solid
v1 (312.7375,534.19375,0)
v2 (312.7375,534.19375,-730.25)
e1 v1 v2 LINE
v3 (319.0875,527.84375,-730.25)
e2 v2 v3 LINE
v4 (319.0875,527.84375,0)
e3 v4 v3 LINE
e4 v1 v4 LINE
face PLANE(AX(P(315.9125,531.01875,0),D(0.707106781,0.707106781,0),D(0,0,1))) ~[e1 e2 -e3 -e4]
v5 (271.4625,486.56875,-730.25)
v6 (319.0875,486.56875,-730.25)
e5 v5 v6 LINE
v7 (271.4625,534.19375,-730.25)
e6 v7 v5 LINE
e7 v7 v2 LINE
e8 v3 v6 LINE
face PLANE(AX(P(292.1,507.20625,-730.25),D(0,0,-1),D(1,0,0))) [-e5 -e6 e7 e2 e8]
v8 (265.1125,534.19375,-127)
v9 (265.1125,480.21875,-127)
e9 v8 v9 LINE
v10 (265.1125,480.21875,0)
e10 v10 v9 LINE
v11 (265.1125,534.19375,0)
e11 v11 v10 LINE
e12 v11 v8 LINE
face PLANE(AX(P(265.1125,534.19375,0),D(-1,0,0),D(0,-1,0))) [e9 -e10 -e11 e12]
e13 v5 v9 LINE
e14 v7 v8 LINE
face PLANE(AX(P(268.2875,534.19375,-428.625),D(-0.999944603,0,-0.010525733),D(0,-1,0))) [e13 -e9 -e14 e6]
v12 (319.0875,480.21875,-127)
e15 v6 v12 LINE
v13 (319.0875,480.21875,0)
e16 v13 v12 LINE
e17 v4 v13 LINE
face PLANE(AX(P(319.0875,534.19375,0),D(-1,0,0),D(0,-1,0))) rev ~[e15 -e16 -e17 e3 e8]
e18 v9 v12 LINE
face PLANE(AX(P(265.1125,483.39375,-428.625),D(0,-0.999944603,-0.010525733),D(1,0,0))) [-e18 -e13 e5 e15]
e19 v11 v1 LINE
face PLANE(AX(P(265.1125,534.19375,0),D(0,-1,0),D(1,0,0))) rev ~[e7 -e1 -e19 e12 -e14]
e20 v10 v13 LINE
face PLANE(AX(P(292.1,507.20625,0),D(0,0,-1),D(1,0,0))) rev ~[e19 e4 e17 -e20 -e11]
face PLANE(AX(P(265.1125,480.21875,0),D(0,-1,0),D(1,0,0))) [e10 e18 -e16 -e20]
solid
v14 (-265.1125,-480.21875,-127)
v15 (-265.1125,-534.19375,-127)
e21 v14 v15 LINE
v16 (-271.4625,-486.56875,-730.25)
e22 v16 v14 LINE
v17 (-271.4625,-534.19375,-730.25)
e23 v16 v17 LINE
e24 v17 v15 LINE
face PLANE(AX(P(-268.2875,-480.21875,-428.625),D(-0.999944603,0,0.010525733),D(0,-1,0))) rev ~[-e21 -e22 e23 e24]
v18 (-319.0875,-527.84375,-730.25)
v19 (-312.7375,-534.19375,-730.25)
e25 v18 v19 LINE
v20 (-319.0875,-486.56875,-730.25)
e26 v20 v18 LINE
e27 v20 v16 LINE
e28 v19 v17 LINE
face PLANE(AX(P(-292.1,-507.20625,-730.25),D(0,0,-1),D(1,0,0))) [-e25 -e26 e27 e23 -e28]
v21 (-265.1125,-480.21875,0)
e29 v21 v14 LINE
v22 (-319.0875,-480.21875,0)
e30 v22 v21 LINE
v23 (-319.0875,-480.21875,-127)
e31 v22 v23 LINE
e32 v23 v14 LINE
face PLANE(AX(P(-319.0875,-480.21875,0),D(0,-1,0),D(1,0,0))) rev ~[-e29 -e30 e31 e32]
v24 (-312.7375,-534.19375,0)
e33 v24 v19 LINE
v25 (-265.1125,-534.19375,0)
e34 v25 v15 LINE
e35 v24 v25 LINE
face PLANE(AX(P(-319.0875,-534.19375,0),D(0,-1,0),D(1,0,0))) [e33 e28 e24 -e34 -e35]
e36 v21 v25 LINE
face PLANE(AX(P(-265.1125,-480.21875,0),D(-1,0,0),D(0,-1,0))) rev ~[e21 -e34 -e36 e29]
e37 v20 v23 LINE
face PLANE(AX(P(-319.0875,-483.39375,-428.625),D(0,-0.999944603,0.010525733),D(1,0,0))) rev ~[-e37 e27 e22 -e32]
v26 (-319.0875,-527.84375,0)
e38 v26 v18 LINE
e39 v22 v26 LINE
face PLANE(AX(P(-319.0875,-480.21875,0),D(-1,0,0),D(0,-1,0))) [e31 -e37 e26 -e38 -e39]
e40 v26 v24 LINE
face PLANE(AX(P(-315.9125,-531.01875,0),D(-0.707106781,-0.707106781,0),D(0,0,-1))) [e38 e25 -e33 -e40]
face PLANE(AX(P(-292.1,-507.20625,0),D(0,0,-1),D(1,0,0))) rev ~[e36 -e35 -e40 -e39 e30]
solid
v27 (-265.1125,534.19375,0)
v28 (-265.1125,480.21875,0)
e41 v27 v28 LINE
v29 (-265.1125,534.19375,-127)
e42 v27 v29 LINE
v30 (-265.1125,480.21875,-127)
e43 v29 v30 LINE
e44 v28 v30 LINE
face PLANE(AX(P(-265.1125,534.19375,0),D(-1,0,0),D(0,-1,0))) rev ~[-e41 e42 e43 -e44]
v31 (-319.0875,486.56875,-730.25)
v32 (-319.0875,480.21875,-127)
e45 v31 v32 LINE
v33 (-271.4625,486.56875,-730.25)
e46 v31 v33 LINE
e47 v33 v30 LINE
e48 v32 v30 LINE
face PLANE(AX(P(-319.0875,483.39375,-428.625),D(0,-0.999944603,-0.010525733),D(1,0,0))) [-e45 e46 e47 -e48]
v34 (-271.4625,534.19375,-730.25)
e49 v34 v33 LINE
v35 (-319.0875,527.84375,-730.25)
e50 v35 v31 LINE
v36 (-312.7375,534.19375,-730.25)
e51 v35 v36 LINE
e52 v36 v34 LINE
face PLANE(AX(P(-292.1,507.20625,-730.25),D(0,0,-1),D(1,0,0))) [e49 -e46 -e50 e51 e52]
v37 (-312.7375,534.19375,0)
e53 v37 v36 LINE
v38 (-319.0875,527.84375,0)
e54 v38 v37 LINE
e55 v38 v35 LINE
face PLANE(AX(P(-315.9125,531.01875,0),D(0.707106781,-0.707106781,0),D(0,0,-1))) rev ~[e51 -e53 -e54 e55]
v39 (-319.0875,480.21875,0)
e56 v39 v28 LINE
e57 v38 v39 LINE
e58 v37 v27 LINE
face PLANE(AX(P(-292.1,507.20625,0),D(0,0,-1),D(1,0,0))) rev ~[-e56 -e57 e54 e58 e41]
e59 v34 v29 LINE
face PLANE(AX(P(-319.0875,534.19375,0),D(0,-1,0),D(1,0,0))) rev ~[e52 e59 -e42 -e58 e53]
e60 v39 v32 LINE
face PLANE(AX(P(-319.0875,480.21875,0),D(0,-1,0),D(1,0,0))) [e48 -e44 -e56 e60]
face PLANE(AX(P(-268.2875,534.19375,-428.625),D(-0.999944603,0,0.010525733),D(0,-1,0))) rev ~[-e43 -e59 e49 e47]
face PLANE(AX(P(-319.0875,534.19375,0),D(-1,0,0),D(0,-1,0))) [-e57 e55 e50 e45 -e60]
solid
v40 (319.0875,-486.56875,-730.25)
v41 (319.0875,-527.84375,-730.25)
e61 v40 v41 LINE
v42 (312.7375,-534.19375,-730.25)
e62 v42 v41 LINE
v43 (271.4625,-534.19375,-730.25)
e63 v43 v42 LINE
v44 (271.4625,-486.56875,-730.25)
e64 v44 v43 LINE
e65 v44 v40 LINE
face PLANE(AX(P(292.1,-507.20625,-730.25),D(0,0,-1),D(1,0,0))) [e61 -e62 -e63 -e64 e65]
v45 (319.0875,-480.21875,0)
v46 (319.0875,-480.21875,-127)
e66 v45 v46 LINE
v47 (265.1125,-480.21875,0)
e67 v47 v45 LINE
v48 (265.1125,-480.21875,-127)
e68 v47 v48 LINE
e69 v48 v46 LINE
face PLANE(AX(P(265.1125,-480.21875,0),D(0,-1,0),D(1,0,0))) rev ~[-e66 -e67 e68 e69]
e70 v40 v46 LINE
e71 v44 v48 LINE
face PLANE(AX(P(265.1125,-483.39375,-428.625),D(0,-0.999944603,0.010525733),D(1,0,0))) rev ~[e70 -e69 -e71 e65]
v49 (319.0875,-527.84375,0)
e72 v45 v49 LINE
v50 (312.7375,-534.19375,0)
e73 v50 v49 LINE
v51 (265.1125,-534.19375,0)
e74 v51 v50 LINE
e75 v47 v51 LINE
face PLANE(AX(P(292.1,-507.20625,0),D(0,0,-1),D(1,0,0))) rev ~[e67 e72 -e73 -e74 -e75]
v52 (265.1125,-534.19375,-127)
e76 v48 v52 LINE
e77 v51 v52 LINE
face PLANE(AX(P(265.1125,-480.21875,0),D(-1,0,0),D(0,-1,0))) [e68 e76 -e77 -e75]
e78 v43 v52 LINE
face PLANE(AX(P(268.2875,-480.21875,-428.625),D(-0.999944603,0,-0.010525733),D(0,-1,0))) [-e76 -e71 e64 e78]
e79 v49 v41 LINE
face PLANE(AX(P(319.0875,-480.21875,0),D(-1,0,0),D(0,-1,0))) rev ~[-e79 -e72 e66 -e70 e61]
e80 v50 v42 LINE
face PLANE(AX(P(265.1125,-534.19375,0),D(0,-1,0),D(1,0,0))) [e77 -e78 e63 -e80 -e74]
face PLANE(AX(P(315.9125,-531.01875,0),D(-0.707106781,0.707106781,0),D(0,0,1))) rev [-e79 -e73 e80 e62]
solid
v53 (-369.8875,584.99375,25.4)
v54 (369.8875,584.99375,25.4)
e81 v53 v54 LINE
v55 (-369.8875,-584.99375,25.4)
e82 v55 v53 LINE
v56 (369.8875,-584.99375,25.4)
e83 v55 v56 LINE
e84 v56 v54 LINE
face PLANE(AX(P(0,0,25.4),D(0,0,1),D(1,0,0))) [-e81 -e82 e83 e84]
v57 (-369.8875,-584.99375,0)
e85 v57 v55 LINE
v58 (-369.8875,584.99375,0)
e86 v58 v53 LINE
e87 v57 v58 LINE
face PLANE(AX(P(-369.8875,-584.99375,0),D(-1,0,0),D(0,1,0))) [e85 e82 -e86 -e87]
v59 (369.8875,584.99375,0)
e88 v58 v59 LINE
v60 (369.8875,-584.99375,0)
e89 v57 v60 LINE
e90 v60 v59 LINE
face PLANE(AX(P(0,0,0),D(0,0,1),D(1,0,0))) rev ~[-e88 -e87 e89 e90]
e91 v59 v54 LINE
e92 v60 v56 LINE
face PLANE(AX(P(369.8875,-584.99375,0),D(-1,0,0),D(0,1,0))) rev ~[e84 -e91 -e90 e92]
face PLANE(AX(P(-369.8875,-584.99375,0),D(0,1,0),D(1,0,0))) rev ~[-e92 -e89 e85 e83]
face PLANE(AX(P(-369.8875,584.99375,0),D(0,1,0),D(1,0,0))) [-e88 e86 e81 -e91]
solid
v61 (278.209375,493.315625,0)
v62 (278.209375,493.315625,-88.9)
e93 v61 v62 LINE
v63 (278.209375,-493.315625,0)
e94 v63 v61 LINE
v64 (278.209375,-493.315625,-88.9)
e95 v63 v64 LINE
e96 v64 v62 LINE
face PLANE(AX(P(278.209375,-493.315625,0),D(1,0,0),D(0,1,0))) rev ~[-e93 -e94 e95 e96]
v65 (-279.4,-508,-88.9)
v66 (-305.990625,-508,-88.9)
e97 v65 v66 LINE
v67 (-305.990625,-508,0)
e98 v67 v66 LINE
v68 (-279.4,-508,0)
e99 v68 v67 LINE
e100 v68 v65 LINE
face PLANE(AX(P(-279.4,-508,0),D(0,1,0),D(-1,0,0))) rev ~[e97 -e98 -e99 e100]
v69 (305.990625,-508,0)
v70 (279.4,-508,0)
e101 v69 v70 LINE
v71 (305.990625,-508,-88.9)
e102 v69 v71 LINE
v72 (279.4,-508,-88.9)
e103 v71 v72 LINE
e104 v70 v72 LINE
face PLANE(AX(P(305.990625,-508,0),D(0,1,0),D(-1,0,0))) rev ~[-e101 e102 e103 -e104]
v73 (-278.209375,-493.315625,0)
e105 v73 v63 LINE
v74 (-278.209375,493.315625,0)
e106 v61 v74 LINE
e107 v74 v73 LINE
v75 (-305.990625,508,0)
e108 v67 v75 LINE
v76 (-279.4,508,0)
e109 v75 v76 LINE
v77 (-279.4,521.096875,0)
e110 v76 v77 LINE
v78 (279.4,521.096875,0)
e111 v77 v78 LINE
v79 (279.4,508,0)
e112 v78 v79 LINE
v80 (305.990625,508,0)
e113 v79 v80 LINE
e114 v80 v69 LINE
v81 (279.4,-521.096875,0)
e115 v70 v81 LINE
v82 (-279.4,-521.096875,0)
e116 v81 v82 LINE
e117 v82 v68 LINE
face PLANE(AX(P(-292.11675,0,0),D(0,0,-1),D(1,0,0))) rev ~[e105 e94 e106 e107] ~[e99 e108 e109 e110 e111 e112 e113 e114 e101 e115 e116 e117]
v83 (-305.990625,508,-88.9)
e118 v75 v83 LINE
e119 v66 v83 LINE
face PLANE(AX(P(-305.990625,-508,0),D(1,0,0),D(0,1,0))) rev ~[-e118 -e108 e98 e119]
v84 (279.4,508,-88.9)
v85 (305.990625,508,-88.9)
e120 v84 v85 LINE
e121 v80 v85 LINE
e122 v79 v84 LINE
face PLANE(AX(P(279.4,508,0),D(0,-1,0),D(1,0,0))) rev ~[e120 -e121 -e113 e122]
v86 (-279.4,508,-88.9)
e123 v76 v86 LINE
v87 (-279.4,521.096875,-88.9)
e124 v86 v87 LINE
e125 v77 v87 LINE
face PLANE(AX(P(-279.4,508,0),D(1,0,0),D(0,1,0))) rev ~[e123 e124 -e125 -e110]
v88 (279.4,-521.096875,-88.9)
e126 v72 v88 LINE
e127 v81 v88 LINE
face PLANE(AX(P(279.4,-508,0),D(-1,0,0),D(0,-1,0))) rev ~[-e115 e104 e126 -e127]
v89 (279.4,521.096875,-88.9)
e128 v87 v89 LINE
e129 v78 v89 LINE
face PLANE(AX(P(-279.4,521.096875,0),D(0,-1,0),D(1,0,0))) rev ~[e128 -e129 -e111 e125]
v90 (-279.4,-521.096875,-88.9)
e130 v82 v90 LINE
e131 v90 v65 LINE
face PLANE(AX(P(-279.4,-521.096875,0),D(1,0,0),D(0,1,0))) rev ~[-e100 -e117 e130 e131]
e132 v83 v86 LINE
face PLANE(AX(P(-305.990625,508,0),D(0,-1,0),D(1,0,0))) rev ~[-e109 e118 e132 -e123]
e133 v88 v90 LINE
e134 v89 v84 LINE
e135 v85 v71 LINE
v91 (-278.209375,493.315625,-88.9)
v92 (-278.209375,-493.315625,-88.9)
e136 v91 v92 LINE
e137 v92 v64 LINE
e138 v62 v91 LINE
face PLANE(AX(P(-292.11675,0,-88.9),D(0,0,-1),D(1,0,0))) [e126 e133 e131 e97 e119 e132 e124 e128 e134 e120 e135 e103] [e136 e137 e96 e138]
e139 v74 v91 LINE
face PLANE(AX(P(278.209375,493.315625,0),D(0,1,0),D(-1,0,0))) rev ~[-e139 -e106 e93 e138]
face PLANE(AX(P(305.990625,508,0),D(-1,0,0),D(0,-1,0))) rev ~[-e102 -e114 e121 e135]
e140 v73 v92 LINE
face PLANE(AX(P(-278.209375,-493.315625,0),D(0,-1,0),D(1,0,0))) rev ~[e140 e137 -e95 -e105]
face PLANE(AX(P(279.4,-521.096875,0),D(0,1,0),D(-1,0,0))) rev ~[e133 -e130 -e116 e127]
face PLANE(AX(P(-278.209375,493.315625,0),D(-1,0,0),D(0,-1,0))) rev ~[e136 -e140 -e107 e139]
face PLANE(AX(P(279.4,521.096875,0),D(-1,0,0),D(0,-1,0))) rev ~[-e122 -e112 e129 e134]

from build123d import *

# Parameters (mm, degrees)
F0_W     = 739.775
F0_H     = 1169.9875
F1_DEPTH = 25.4
F2_W     = 53.975
F2_H     = 53.975
F3_DEPTH = 730.25
F4_W     = 1.190625
F4_H     = 14.684375
F5_DEPTH = 88.9
F6_SIZE2 = 603.25
F6_SIZE  = 6.35
F7_SIZE2 = 603.25
F7_SIZE  = 6.35
F8_SIZE2 = 603.25
F8_SIZE  = 6.35
F9_SIZE2 = 603.25
F9_SIZE  = 6.35
F10_SIZE = 6.35
F11_SIZE = 6.35
F12_SIZE = 6.35
F13_SIZE = 6.35


with BuildPart() as f1:
    # F0 (on Top) → F1 (new body)
    with BuildSketch(Plane.XY):
        Rectangle(F0_W, F0_H)
    extrude(amount=F1_DEPTH)


with BuildPart() as f3:
    # F2 (on face) → F3 (new body)
    with BuildSketch(Plane(origin=(0, 0, 0), x_dir=(1, 0, 0), z_dir=(0, 0, -1))):
        with Locations((-292.1, -507.20625)):
            Rectangle(F2_W, F2_H)
    extrude(amount=F3_DEPTH)

    # F6
    f6_edges = [f3.edges().sort_by_distance(p)[0] for p in [
        (-265.1125, 507.20625, -730.25),
        (-292.1, 480.21875, -730.25),
    ]]
    f6_side = f3.faces().sort_by_distance((-292.1, 507.20625, -730.25))[0]
    chamfer(f6_edges, length=F6_SIZE, length2=F6_SIZE2, reference=f6_side)

    # F12
    f12_edges = [f3.edges().sort_by_distance(p)[0] for p in [
        (-319.0875, 534.19375, -365.125),
    ]]
    chamfer(f12_edges, length=F12_SIZE)


with BuildPart() as f3b:
    # F2 (on face) → F3, piece 2 (new body)
    with BuildSketch(Plane(origin=(0, 0, 0), x_dir=(1, 0, 0), z_dir=(0, 0, -1))):
        with Locations((292.1, -507.20625)):
            Rectangle(F2_W, F2_H)
    extrude(amount=F3_DEPTH)

    # F7
    f7_edges = [f3b.edges().sort_by_distance(p)[0] for p in [
        (265.1125, 507.20625, -730.25),
        (292.1, 480.21875, -730.25),
    ]]
    f7_side = f3b.faces().sort_by_distance((292.1, 507.20625, -730.25))[0]
    chamfer(f7_edges, length=F7_SIZE, length2=F7_SIZE2, reference=f7_side)

    # F13
    f13_edges = [f3b.edges().sort_by_distance(p)[0] for p in [
        (319.0875, 534.19375, -365.125),
    ]]
    chamfer(f13_edges, length=F13_SIZE)


with BuildPart() as f3c:
    # F2 (on face) → F3, piece 3 (new body)
    with BuildSketch(Plane(origin=(0, 0, 0), x_dir=(1, 0, 0), z_dir=(0, 0, -1))):
        with Locations((-292.1, 507.20625)):
            Rectangle(F2_W, F2_H)
    extrude(amount=F3_DEPTH)

    # F9
    f9_edges = [f3c.edges().sort_by_distance(p)[0] for p in [
        (-265.1125, -507.20625, -730.25),
        (-292.1, -480.21875, -730.25),
    ]]
    f9_side = f3c.faces().sort_by_distance((-292.1, -507.20625, -730.25))[0]
    chamfer(f9_edges, length=F9_SIZE, length2=F9_SIZE2, reference=f9_side)

    # F10
    f10_edges = [f3c.edges().sort_by_distance(p)[0] for p in [
        (-319.0875, -534.19375, -365.125),
    ]]
    chamfer(f10_edges, length=F10_SIZE)


with BuildPart() as f3d:
    # F2 (on face) → F3, piece 4 (new body)
    with BuildSketch(Plane(origin=(0, 0, 0), x_dir=(1, 0, 0), z_dir=(0, 0, -1))):
        with Locations((292.1, 507.20625)):
            Rectangle(F2_W, F2_H)
    extrude(amount=F3_DEPTH)

    # F8
    f8_edges = [f3d.edges().sort_by_distance(p)[0] for p in [
        (292.1, -480.21875, -730.25),
        (265.1125, -507.20625, -730.25),
    ]]
    f8_side = f3d.faces().sort_by_distance((292.1, -507.20625, -730.25))[0]
    chamfer(f8_edges, length=F8_SIZE, length2=F8_SIZE2, reference=f8_side)

    # F11
    f11_edges = [f3d.edges().sort_by_distance(p)[0] for p in [
        (319.0875, -534.19375, -365.125),
    ]]
    chamfer(f11_edges, length=F11_SIZE)


with BuildPart() as f5:
    # F4 (on face) → F5 (new body)
    with BuildSketch(Plane(origin=(0, 0, 0), x_dir=(1, 0, 0), z_dir=(0, 0, -1))):
        Polygon((-279.4, -508), (-279.4, -493.315625), (-278.209375, -493.315625), (-278.209375, 493.315625), (-279.4, 493.315625), (-279.4, 508), (-305.990625, 508), (-305.990625, -508), align=None)
        with Locations((-278.8046875, -500.6578125)):
            Rectangle(F4_W, F4_H)
        Polygon((278.209375, -493.315625), (-278.209375, -493.315625), (-278.209375, -508), (-279.4, -508), (-279.4, -521.096875), (279.4, -521.096875), (279.4, -508), (278.209375, -508), align=None)
        Polygon((278.209375, 493.315625), (278.209375, -493.315625), (279.4, -493.315625), (279.4, -508), (305.990625, -508), (305.990625, 508), (279.4, 508), (279.4, 493.315625), align=None)
        with Locations((278.8046875, -500.6578125)):
            Rectangle(F4_W, F4_H)
        with Locations((-278.8046875, 500.6578125)):
            Rectangle(F4_W, F4_H)
        Polygon((-278.209375, 508), (-278.209375, 493.315625), (278.209375, 493.315625), (278.209375, 508), (279.4, 508), (279.4, 521.096875), (-279.4, 521.096875), (-279.4, 508), align=None)
        with Locations((278.8046875, 500.6578125)):
            Rectangle(F4_W, F4_H)
    extrude(amount=F5_DEPTH)


solid = Compound([f1.part, f3.part, f3b.part, f3c.part, f3d.part, f5.part])
